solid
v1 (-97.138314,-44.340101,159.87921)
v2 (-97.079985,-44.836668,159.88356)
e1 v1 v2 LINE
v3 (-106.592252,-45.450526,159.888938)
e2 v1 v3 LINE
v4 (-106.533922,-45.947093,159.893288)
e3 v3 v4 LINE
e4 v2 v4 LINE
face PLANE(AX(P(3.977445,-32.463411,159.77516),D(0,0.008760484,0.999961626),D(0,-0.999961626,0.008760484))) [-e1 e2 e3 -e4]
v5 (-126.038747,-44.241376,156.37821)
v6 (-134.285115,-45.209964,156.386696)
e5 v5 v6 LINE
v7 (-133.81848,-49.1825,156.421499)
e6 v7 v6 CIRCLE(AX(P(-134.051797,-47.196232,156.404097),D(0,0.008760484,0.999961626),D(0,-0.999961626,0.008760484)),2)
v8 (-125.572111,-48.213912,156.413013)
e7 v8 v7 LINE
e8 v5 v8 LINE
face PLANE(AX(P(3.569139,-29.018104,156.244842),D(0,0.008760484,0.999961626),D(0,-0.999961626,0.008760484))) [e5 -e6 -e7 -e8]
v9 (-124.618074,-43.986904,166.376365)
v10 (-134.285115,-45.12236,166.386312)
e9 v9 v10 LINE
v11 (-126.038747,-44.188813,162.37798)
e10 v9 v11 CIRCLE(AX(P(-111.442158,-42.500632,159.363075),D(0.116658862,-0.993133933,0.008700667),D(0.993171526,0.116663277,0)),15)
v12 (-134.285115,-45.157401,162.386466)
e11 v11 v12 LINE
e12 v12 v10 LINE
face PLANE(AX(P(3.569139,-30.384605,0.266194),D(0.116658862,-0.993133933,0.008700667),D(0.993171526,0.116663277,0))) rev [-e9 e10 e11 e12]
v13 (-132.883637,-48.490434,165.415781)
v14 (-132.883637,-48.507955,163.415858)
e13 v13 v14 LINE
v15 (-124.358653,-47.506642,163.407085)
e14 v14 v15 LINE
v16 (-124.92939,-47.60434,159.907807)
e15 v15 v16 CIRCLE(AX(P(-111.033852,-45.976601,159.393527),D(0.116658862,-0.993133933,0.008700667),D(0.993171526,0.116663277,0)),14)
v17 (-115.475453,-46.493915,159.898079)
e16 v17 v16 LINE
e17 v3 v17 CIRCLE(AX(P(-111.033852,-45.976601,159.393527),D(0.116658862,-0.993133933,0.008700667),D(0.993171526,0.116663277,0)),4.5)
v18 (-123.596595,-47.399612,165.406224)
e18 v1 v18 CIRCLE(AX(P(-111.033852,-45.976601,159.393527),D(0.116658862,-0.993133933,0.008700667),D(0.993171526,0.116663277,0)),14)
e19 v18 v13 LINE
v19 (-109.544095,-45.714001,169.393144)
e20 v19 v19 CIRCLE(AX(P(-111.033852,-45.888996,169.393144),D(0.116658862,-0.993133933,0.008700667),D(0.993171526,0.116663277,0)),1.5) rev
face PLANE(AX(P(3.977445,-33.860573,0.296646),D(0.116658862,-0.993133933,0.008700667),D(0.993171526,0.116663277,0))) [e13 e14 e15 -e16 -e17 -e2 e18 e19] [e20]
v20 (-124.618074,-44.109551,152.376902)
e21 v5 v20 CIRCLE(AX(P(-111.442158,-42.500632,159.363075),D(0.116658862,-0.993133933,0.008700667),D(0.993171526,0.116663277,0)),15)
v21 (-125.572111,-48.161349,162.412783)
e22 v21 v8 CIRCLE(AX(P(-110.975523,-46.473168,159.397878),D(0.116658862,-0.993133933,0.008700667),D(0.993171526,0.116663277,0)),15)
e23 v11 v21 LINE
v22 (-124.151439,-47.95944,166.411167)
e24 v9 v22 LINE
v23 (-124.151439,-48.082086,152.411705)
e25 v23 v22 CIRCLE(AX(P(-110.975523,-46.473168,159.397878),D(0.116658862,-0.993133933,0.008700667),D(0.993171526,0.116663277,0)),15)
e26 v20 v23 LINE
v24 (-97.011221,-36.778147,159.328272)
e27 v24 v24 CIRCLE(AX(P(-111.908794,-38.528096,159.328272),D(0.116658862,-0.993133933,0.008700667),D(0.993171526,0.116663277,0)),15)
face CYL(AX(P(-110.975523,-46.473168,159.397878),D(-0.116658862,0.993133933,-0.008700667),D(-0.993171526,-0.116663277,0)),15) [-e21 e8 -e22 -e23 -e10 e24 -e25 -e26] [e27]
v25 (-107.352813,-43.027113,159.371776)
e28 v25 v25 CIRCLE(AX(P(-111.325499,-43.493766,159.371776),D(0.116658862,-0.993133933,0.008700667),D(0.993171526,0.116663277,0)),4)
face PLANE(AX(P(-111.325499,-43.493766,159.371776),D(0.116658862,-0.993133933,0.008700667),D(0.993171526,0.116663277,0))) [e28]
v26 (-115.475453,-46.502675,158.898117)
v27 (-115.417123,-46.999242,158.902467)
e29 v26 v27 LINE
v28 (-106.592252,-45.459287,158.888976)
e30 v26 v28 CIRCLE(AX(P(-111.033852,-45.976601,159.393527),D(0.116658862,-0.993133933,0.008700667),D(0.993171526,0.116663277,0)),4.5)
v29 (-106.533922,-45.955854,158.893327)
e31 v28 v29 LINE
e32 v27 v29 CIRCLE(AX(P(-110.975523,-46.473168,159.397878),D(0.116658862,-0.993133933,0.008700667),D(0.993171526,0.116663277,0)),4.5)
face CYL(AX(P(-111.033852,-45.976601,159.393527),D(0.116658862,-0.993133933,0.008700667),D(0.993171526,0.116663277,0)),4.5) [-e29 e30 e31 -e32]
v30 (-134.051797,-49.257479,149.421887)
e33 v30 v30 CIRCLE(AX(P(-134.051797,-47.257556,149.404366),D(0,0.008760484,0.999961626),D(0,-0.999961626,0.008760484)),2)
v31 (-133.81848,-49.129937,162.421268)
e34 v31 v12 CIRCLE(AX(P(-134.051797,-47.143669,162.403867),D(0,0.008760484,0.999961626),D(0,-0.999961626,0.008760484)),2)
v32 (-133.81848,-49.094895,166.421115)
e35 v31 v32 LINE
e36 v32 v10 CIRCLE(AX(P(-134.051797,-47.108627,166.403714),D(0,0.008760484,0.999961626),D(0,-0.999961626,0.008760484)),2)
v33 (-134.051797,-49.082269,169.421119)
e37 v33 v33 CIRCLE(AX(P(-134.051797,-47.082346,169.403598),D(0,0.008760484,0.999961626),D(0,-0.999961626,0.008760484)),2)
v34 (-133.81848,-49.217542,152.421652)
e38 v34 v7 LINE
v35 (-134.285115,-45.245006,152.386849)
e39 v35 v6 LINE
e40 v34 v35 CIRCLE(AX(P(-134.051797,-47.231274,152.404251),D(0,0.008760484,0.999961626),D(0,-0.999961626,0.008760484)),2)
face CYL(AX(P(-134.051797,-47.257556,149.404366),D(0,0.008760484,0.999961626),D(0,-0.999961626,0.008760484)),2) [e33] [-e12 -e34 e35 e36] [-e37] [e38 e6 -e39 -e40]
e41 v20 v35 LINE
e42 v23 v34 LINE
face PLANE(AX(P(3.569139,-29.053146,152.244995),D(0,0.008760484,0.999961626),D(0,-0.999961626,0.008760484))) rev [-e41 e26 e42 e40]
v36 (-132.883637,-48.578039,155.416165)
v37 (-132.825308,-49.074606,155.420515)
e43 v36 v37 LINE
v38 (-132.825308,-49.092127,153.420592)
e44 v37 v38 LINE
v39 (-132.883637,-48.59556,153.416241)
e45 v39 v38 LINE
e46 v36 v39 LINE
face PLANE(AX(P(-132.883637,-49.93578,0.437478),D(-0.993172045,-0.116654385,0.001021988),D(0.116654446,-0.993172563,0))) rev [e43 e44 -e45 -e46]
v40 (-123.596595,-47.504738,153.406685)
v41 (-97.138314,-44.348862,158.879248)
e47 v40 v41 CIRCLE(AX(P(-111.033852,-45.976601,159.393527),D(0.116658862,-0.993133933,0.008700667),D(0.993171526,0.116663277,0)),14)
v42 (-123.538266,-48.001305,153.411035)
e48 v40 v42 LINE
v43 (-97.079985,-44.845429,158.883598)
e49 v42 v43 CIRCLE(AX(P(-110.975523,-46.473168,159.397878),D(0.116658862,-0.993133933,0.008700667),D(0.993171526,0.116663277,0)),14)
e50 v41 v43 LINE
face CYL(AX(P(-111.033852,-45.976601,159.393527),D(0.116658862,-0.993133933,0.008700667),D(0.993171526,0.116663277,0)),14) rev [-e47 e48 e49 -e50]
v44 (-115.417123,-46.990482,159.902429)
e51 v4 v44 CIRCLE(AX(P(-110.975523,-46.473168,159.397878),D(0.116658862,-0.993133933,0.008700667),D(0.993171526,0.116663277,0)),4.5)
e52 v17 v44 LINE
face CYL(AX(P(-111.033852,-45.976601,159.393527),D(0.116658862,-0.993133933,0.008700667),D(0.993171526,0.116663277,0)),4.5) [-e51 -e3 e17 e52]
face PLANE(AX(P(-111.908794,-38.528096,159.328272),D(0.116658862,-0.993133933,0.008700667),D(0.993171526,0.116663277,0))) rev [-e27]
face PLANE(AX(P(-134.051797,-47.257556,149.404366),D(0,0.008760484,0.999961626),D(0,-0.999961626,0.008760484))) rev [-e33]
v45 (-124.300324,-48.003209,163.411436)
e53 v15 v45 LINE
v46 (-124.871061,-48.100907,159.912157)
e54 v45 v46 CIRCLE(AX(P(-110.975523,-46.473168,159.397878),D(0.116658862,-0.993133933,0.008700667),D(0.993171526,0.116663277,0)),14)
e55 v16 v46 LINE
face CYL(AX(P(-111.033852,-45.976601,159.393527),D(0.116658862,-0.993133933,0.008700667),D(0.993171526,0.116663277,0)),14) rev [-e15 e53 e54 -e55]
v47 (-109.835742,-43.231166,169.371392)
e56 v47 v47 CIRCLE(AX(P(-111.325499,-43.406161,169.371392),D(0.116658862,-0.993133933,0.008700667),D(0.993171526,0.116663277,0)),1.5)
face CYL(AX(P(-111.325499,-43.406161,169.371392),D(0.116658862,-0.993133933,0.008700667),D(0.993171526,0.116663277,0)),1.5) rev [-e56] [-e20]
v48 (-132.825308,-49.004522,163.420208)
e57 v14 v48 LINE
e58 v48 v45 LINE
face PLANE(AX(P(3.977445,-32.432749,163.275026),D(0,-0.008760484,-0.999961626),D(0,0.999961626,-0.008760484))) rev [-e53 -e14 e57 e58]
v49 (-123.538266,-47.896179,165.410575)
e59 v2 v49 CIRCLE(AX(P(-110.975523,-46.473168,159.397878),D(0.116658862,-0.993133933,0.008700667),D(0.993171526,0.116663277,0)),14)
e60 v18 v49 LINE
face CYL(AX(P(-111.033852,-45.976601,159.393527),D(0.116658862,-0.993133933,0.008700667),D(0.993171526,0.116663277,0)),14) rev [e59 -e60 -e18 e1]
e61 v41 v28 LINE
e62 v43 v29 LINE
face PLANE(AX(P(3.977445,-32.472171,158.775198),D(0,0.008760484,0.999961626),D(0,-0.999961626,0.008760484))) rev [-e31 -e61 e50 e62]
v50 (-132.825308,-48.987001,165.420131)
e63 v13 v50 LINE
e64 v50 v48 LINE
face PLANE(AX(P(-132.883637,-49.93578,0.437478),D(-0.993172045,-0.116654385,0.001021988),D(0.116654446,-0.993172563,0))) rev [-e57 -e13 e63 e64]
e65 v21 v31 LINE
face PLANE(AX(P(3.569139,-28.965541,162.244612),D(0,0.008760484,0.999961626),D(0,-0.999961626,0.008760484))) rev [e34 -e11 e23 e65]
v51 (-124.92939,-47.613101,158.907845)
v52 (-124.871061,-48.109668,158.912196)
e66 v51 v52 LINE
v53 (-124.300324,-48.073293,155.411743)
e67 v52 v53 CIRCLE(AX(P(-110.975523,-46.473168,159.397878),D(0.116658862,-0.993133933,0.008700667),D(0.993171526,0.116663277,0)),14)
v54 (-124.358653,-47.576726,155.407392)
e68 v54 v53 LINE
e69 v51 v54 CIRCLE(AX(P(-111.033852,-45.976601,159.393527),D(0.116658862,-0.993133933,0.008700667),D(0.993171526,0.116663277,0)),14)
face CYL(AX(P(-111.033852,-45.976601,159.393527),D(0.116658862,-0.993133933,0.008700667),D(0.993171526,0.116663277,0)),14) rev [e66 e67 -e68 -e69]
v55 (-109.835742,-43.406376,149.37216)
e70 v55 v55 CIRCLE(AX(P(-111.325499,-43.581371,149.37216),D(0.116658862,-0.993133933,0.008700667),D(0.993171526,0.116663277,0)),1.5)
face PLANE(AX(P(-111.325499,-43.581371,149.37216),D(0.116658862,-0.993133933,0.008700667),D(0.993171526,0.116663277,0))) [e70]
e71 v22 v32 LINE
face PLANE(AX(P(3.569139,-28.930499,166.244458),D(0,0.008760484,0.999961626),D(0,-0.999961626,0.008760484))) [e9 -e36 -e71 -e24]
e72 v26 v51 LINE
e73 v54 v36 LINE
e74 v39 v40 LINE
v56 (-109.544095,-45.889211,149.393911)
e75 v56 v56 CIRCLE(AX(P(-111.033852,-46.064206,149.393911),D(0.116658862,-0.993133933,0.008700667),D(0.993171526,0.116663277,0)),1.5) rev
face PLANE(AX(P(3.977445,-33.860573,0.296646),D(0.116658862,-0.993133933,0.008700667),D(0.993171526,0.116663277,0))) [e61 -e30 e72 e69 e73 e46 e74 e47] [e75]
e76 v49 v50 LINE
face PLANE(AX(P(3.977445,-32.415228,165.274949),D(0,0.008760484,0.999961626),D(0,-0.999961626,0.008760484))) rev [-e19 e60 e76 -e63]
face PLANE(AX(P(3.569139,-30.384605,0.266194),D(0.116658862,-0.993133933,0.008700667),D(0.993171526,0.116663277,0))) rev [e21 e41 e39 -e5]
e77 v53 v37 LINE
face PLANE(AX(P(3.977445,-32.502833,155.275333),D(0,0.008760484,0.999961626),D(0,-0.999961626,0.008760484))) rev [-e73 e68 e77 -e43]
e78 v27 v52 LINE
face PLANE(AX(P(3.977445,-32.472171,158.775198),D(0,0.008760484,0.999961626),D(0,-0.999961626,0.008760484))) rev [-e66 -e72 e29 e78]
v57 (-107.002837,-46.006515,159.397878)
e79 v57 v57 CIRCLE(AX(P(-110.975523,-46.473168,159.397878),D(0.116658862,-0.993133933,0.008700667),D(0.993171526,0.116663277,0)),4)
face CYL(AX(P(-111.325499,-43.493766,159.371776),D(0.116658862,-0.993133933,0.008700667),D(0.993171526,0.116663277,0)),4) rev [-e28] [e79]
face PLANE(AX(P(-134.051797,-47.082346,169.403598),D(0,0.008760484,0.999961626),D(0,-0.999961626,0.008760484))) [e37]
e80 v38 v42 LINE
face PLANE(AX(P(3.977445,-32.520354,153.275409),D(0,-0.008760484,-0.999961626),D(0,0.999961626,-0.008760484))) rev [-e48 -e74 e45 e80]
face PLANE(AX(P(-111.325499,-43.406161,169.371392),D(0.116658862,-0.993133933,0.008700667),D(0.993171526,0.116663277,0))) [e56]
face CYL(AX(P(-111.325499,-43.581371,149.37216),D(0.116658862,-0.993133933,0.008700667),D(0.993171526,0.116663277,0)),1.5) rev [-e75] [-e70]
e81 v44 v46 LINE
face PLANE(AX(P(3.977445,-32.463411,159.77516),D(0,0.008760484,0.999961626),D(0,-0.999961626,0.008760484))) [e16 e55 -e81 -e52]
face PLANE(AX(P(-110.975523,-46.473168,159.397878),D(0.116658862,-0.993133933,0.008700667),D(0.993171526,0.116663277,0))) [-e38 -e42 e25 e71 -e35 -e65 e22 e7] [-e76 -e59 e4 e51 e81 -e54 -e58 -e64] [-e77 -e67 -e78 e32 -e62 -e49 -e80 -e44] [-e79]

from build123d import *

# Parameters (mm, degrees)
CROQUIS1_R                   = 15.000000000000002
SALIENTE_EXTRUIR1_DEPTH      = 8
CROQUIS2_R                   = 4.000000000000007
CROQUIS2_R_2                 = 1.4999999999999973
CORTAR_EXTRUIR1_DEPTH        = 3
SALIENTE_EXTRUIR2_START      = -4
SALIENTE_EXTRUIR2_DEPTH      = 4
SALIENTE_EXTRUIR3_DEPTH      = 10
SALIENTE_EXTRUIR3_DEPTH_BACK = 10
CROQUIS4_R                   = 1.999999999999995
CORTAR_EXTRUIR2_DEPTH        = 26.000000000000004
CROQUIS6_R                   = 1.499999999999999
CORTAR_EXTRUIR3_DEPTH        = 0.5


with BuildPart() as part:
    # Croquis1 → Saliente-Extruir1 (new body)
    with BuildSketch(Plane(origin=(3.102503887066035, -26.412068884743757, 0.2313913751144545), x_dir=(0.9931720445250996, 0.11665438489091776, -0.0010219880408017562), z_dir=(0.11665886153153528, -0.9931339327669669, 0.008700667387268338))):
        with Locations(Location((-115.80198834358447, 158.9846336736222, 0), (0, 0, 0.058557828))):
            Circle(CROQUIS1_R)
    extrude(amount=SALIENTE_EXTRUIR1_DEPTH)

    # Croquis2 → Cortar-Extruir1 (cut)
    with BuildSketch(Plane(origin=(4.03577477931832, -34.35714034687951, 0.3009967142126015), x_dir=(0.9931720445250996, 0.11665438489091778, -0.0010219880408017569), z_dir=(0.1166588615315353, -0.9931339327669669, 0.00870066738726834))):
        with Locations(Location((-115.8019883435845, 158.9846336736222, 0), (0, 0, 0.058557828))):
            Circle(CROQUIS2_R)
        with Locations(Location((-115.8019883435845, 168.9846336736222, 0), (0, 0, 0.058557828))):
            Circle(CROQUIS2_R_2)
        with Locations(Location((-115.8019883435845, 148.9846336736222, 0), (0, 0, 0.058557828))):
            Circle(CROQUIS2_R_2)
    extrude(amount=-CORTAR_EXTRUIR1_DEPTH, mode=Mode.SUBTRACT)

    # Croquis3 → Saliente-Extruir2 (add)
    with BuildSketch(Plane(origin=(4.03577477931832, -34.35714034687951, 0.3009967142126015), x_dir=(0.9931720445250996, 0.11665438489091778, -0.0010219880408017569), z_dir=(0.1166588615315353, -0.9931339327669669, 0.00870066738726834)).offset(SALIENTE_EXTRUIR2_START)):
        with BuildLine():
            Line((-140.80198834358453, 161.9846336736222), (-130.49892680028356, 161.9846336736222))
            ThreePointArc((-130.49892680028356, 161.98463367362223), (-129.9260267482204, 164.03552855912218), (-129.06848750500595, 165.98463367362243))
            Line((-129.0684875050059, 165.9846336736222), (-140.80198834358453, 165.9846336736222))
            Line((-140.80198834358453, 165.9846336736222), (-140.80198834358453, 161.9846336736222))
        make_face()
        with BuildLine():
            ThreePointArc((-129.06848750500598, 151.98463367362197), (-129.9260267482204, 153.9337387881222), (-130.49892680028356, 155.98463367362217))
            Line((-130.49892680028356, 155.9846336736222), (-140.80198834358453, 155.9846336736222))
            Line((-140.80198834358453, 155.9846336736222), (-140.80198834358453, 151.9846336736222))
            Line((-140.80198834358453, 151.9846336736222), (-129.06848750500592, 151.9846336736222))
        make_face()
        with BuildLine():
            Line((-125.01691169330087, 151.9846336736222), (-125.01691169330087, 155.9846336736222))
            Line((-125.01691169330087, 155.9846336736222), (-130.49892680028356, 155.9846336736222))
            ThreePointArc((-130.49892680028356, 155.98463367362217), (-129.9260267482204, 153.9337387881222), (-129.06848750500598, 151.98463367362197))
            Line((-129.06848750500592, 151.9846336736222), (-125.01691169330087, 151.9846336736222))
        make_face()
        with BuildLine():
            Line((-130.49892680028356, 161.9846336736222), (-125.01691169330087, 161.9846336736222))
            Line((-125.01691169330087, 161.9846336736222), (-125.01691169330087, 165.9846336736222))
            Line((-125.01691169330087, 165.9846336736222), (-129.0684875050059, 165.9846336736222))
            ThreePointArc((-129.06848750500595, 165.98463367362243), (-129.9260267482204, 164.03552855912218), (-130.49892680028356, 161.98463367362223))
        make_face()
    extrude(amount=SALIENTE_EXTRUIR2_DEPTH)

    # Croquis4 → Saliente-Extruir3 (add, two sides: drawn at the far end of the back side and taken through both)
    with BuildSketch(Plane(origin=(-6.683e-14, 1.3927822726245929, 158.97853283345188), x_dir=(1, 0, 4.2e-16), z_dir=(0, 0.008760483579084877, 0.9999616262274571)).offset(-SALIENTE_EXTRUIR3_DEPTH_BACK)):
        with Locations(Location((-134.05179749109138, -48.5645966599886, 0), (0, 0, 276.699314902))):
            Circle(CROQUIS4_R)
    extrude(amount=SALIENTE_EXTRUIR3_DEPTH + SALIENTE_EXTRUIR3_DEPTH_BACK)

    # Croquis5 → Cortar-Extruir2 (cut)
    with BuildSketch(Plane(origin=(-7.073e-14, 1.4803871084154419, 168.97814909572648), x_dir=(1, 0, 4.2e-16), z_dir=(0, 0.008760483579084877, 0.9999616262274571))):
        Polygon((-137.1921048729679, -53.52505022011607), (-133.51980518703422, -53.09369867037679), (-133.8184797680283, -50.5509407490388), (-135.80482385707867, -50.78425847210188), (-136.03814158014168, -48.79791438305168), (-136.2714593032048, -46.81157029400149), (-134.28511521415442, -46.578252570938396), (-134.47954467160224, -44.922982673441965), (-138.15184435753594, -45.35433422318124), align=None)
        with BuildLine():
            ThreePointArc((-136.03814158014154, -48.79791438305167), (-135.62133541037747, -47.32501982900029), (-134.28511521415442, -46.57825257093841))
            Line((-134.28511521415442, -46.578252570938396), (-136.2714593032048, -46.81157029400149))
            Line((-136.2714593032048, -46.81157029400149), (-136.03814158014168, -48.79791438305168))
        make_face()
        with BuildLine():
            ThreePointArc((-133.8184797680283, -50.550940749038816), (-135.2913743220797, -50.13413457927471), (-136.03814158014154, -48.79791438305167))
            Line((-136.03814158014168, -48.79791438305168), (-135.80482385707867, -50.78425847210188))
            Line((-135.80482385707867, -50.78425847210188), (-133.8184797680283, -50.5509407490388))
        make_face()
    extrude(amount=-CORTAR_EXTRUIR2_DEPTH, mode=Mode.SUBTRACT)

    # Croquis6 → Cortar-Extruir3 (cut)
    # profile 1 of 2: a face of its own
    with BuildSketch(Plane(origin=(4.03577477931832, -34.35714034687951, 0.3009967142126015), x_dir=(0.9931720445250996, 0.11665438489091778, -0.0010219880408017569), z_dir=(0.1166588615315353, -0.9931339327669669, 0.008700667387268341))):
        with BuildLine():
            Line((-111.32985238858495, 159.4846336736222), (-101.81091976395129, 159.4846336736222))
            ThreePointArc((-101.81091976395126, 159.48463367362265), (-112.97131478814173, 172.6954792792921), (-128.45109898425804, 164.9846336736222))
            Line((-128.45109898425804, 164.9846336736222), (-137.80198834358436, 164.98463367362217))
            Line((-137.80198834358436, 164.98463367362217), (-137.80198834358436, 162.98463367362217))
            Line((-137.80198834358436, 162.98463367362217), (-129.21839620858324, 162.9846336736222))
            ThreePointArc((-129.21839620858324, 162.9846336736222), (-129.6170142670406, 161.25290586501285), (-129.7930569232177, 159.48463367362226))
            Line((-129.7930569232177, 159.4846336736222), (-120.27412429858411, 159.4846336736222))
            ThreePointArc((-120.27412429858411, 159.48463367362217), (-115.80198834358455, 163.4846336736222), (-111.32985238858495, 159.48463367362223))
        make_face()
        with Locations(Location((-115.80198834358454, 168.9846336736222, 0), (0, 0, 0.058557828))):
            Circle(CROQUIS6_R, mode=Mode.SUBTRACT)
    # profile 2 of 2: a face of its own
    with BuildSketch(Plane(origin=(4.03577477931832, -34.35714034687951, 0.3009967142126015), x_dir=(0.9931720445250996, 0.11665438489091778, -0.0010219880408017569), z_dir=(0.1166588615315353, -0.9931339327669669, 0.008700667387268341))):
        with BuildLine():
            ThreePointArc((-128.45109898425804, 152.9846336736222), (-112.97131478814173, 145.2737880679523), (-101.81091976395126, 158.48463367362174))
            Line((-101.81091976395128, 158.4846336736222), (-111.32985238858495, 158.4846336736222))
            ThreePointArc((-111.32985238858495, 158.48463367362217), (-115.80198834358455, 154.4846336736222), (-120.27412429858411, 158.48463367362223))
            Line((-120.27412429858411, 158.4846336736222), (-129.7930569232177, 158.4846336736222))
            ThreePointArc((-129.7930569232177, 158.48463367362214), (-129.6170142670406, 156.71636148223155), (-129.21839620858327, 154.98463367362223))
            Line((-129.21839620858327, 154.98463367362223), (-137.80198834358436, 154.9846336736222))
            Line((-137.80198834358436, 154.9846336736222), (-137.80198834358436, 152.9846336736222))
            Line((-137.80198834358436, 152.9846336736222), (-128.45109898425804, 152.9846336736222))
        make_face()
        with Locations(Location((-115.80198834358453, 148.9846336736222, 0), (0, 0, 0.058557828))):
            Circle(CROQUIS6_R, mode=Mode.SUBTRACT)
    extrude(amount=-CORTAR_EXTRUIR3_DEPTH, mode=Mode.SUBTRACT)


solid = part.part
